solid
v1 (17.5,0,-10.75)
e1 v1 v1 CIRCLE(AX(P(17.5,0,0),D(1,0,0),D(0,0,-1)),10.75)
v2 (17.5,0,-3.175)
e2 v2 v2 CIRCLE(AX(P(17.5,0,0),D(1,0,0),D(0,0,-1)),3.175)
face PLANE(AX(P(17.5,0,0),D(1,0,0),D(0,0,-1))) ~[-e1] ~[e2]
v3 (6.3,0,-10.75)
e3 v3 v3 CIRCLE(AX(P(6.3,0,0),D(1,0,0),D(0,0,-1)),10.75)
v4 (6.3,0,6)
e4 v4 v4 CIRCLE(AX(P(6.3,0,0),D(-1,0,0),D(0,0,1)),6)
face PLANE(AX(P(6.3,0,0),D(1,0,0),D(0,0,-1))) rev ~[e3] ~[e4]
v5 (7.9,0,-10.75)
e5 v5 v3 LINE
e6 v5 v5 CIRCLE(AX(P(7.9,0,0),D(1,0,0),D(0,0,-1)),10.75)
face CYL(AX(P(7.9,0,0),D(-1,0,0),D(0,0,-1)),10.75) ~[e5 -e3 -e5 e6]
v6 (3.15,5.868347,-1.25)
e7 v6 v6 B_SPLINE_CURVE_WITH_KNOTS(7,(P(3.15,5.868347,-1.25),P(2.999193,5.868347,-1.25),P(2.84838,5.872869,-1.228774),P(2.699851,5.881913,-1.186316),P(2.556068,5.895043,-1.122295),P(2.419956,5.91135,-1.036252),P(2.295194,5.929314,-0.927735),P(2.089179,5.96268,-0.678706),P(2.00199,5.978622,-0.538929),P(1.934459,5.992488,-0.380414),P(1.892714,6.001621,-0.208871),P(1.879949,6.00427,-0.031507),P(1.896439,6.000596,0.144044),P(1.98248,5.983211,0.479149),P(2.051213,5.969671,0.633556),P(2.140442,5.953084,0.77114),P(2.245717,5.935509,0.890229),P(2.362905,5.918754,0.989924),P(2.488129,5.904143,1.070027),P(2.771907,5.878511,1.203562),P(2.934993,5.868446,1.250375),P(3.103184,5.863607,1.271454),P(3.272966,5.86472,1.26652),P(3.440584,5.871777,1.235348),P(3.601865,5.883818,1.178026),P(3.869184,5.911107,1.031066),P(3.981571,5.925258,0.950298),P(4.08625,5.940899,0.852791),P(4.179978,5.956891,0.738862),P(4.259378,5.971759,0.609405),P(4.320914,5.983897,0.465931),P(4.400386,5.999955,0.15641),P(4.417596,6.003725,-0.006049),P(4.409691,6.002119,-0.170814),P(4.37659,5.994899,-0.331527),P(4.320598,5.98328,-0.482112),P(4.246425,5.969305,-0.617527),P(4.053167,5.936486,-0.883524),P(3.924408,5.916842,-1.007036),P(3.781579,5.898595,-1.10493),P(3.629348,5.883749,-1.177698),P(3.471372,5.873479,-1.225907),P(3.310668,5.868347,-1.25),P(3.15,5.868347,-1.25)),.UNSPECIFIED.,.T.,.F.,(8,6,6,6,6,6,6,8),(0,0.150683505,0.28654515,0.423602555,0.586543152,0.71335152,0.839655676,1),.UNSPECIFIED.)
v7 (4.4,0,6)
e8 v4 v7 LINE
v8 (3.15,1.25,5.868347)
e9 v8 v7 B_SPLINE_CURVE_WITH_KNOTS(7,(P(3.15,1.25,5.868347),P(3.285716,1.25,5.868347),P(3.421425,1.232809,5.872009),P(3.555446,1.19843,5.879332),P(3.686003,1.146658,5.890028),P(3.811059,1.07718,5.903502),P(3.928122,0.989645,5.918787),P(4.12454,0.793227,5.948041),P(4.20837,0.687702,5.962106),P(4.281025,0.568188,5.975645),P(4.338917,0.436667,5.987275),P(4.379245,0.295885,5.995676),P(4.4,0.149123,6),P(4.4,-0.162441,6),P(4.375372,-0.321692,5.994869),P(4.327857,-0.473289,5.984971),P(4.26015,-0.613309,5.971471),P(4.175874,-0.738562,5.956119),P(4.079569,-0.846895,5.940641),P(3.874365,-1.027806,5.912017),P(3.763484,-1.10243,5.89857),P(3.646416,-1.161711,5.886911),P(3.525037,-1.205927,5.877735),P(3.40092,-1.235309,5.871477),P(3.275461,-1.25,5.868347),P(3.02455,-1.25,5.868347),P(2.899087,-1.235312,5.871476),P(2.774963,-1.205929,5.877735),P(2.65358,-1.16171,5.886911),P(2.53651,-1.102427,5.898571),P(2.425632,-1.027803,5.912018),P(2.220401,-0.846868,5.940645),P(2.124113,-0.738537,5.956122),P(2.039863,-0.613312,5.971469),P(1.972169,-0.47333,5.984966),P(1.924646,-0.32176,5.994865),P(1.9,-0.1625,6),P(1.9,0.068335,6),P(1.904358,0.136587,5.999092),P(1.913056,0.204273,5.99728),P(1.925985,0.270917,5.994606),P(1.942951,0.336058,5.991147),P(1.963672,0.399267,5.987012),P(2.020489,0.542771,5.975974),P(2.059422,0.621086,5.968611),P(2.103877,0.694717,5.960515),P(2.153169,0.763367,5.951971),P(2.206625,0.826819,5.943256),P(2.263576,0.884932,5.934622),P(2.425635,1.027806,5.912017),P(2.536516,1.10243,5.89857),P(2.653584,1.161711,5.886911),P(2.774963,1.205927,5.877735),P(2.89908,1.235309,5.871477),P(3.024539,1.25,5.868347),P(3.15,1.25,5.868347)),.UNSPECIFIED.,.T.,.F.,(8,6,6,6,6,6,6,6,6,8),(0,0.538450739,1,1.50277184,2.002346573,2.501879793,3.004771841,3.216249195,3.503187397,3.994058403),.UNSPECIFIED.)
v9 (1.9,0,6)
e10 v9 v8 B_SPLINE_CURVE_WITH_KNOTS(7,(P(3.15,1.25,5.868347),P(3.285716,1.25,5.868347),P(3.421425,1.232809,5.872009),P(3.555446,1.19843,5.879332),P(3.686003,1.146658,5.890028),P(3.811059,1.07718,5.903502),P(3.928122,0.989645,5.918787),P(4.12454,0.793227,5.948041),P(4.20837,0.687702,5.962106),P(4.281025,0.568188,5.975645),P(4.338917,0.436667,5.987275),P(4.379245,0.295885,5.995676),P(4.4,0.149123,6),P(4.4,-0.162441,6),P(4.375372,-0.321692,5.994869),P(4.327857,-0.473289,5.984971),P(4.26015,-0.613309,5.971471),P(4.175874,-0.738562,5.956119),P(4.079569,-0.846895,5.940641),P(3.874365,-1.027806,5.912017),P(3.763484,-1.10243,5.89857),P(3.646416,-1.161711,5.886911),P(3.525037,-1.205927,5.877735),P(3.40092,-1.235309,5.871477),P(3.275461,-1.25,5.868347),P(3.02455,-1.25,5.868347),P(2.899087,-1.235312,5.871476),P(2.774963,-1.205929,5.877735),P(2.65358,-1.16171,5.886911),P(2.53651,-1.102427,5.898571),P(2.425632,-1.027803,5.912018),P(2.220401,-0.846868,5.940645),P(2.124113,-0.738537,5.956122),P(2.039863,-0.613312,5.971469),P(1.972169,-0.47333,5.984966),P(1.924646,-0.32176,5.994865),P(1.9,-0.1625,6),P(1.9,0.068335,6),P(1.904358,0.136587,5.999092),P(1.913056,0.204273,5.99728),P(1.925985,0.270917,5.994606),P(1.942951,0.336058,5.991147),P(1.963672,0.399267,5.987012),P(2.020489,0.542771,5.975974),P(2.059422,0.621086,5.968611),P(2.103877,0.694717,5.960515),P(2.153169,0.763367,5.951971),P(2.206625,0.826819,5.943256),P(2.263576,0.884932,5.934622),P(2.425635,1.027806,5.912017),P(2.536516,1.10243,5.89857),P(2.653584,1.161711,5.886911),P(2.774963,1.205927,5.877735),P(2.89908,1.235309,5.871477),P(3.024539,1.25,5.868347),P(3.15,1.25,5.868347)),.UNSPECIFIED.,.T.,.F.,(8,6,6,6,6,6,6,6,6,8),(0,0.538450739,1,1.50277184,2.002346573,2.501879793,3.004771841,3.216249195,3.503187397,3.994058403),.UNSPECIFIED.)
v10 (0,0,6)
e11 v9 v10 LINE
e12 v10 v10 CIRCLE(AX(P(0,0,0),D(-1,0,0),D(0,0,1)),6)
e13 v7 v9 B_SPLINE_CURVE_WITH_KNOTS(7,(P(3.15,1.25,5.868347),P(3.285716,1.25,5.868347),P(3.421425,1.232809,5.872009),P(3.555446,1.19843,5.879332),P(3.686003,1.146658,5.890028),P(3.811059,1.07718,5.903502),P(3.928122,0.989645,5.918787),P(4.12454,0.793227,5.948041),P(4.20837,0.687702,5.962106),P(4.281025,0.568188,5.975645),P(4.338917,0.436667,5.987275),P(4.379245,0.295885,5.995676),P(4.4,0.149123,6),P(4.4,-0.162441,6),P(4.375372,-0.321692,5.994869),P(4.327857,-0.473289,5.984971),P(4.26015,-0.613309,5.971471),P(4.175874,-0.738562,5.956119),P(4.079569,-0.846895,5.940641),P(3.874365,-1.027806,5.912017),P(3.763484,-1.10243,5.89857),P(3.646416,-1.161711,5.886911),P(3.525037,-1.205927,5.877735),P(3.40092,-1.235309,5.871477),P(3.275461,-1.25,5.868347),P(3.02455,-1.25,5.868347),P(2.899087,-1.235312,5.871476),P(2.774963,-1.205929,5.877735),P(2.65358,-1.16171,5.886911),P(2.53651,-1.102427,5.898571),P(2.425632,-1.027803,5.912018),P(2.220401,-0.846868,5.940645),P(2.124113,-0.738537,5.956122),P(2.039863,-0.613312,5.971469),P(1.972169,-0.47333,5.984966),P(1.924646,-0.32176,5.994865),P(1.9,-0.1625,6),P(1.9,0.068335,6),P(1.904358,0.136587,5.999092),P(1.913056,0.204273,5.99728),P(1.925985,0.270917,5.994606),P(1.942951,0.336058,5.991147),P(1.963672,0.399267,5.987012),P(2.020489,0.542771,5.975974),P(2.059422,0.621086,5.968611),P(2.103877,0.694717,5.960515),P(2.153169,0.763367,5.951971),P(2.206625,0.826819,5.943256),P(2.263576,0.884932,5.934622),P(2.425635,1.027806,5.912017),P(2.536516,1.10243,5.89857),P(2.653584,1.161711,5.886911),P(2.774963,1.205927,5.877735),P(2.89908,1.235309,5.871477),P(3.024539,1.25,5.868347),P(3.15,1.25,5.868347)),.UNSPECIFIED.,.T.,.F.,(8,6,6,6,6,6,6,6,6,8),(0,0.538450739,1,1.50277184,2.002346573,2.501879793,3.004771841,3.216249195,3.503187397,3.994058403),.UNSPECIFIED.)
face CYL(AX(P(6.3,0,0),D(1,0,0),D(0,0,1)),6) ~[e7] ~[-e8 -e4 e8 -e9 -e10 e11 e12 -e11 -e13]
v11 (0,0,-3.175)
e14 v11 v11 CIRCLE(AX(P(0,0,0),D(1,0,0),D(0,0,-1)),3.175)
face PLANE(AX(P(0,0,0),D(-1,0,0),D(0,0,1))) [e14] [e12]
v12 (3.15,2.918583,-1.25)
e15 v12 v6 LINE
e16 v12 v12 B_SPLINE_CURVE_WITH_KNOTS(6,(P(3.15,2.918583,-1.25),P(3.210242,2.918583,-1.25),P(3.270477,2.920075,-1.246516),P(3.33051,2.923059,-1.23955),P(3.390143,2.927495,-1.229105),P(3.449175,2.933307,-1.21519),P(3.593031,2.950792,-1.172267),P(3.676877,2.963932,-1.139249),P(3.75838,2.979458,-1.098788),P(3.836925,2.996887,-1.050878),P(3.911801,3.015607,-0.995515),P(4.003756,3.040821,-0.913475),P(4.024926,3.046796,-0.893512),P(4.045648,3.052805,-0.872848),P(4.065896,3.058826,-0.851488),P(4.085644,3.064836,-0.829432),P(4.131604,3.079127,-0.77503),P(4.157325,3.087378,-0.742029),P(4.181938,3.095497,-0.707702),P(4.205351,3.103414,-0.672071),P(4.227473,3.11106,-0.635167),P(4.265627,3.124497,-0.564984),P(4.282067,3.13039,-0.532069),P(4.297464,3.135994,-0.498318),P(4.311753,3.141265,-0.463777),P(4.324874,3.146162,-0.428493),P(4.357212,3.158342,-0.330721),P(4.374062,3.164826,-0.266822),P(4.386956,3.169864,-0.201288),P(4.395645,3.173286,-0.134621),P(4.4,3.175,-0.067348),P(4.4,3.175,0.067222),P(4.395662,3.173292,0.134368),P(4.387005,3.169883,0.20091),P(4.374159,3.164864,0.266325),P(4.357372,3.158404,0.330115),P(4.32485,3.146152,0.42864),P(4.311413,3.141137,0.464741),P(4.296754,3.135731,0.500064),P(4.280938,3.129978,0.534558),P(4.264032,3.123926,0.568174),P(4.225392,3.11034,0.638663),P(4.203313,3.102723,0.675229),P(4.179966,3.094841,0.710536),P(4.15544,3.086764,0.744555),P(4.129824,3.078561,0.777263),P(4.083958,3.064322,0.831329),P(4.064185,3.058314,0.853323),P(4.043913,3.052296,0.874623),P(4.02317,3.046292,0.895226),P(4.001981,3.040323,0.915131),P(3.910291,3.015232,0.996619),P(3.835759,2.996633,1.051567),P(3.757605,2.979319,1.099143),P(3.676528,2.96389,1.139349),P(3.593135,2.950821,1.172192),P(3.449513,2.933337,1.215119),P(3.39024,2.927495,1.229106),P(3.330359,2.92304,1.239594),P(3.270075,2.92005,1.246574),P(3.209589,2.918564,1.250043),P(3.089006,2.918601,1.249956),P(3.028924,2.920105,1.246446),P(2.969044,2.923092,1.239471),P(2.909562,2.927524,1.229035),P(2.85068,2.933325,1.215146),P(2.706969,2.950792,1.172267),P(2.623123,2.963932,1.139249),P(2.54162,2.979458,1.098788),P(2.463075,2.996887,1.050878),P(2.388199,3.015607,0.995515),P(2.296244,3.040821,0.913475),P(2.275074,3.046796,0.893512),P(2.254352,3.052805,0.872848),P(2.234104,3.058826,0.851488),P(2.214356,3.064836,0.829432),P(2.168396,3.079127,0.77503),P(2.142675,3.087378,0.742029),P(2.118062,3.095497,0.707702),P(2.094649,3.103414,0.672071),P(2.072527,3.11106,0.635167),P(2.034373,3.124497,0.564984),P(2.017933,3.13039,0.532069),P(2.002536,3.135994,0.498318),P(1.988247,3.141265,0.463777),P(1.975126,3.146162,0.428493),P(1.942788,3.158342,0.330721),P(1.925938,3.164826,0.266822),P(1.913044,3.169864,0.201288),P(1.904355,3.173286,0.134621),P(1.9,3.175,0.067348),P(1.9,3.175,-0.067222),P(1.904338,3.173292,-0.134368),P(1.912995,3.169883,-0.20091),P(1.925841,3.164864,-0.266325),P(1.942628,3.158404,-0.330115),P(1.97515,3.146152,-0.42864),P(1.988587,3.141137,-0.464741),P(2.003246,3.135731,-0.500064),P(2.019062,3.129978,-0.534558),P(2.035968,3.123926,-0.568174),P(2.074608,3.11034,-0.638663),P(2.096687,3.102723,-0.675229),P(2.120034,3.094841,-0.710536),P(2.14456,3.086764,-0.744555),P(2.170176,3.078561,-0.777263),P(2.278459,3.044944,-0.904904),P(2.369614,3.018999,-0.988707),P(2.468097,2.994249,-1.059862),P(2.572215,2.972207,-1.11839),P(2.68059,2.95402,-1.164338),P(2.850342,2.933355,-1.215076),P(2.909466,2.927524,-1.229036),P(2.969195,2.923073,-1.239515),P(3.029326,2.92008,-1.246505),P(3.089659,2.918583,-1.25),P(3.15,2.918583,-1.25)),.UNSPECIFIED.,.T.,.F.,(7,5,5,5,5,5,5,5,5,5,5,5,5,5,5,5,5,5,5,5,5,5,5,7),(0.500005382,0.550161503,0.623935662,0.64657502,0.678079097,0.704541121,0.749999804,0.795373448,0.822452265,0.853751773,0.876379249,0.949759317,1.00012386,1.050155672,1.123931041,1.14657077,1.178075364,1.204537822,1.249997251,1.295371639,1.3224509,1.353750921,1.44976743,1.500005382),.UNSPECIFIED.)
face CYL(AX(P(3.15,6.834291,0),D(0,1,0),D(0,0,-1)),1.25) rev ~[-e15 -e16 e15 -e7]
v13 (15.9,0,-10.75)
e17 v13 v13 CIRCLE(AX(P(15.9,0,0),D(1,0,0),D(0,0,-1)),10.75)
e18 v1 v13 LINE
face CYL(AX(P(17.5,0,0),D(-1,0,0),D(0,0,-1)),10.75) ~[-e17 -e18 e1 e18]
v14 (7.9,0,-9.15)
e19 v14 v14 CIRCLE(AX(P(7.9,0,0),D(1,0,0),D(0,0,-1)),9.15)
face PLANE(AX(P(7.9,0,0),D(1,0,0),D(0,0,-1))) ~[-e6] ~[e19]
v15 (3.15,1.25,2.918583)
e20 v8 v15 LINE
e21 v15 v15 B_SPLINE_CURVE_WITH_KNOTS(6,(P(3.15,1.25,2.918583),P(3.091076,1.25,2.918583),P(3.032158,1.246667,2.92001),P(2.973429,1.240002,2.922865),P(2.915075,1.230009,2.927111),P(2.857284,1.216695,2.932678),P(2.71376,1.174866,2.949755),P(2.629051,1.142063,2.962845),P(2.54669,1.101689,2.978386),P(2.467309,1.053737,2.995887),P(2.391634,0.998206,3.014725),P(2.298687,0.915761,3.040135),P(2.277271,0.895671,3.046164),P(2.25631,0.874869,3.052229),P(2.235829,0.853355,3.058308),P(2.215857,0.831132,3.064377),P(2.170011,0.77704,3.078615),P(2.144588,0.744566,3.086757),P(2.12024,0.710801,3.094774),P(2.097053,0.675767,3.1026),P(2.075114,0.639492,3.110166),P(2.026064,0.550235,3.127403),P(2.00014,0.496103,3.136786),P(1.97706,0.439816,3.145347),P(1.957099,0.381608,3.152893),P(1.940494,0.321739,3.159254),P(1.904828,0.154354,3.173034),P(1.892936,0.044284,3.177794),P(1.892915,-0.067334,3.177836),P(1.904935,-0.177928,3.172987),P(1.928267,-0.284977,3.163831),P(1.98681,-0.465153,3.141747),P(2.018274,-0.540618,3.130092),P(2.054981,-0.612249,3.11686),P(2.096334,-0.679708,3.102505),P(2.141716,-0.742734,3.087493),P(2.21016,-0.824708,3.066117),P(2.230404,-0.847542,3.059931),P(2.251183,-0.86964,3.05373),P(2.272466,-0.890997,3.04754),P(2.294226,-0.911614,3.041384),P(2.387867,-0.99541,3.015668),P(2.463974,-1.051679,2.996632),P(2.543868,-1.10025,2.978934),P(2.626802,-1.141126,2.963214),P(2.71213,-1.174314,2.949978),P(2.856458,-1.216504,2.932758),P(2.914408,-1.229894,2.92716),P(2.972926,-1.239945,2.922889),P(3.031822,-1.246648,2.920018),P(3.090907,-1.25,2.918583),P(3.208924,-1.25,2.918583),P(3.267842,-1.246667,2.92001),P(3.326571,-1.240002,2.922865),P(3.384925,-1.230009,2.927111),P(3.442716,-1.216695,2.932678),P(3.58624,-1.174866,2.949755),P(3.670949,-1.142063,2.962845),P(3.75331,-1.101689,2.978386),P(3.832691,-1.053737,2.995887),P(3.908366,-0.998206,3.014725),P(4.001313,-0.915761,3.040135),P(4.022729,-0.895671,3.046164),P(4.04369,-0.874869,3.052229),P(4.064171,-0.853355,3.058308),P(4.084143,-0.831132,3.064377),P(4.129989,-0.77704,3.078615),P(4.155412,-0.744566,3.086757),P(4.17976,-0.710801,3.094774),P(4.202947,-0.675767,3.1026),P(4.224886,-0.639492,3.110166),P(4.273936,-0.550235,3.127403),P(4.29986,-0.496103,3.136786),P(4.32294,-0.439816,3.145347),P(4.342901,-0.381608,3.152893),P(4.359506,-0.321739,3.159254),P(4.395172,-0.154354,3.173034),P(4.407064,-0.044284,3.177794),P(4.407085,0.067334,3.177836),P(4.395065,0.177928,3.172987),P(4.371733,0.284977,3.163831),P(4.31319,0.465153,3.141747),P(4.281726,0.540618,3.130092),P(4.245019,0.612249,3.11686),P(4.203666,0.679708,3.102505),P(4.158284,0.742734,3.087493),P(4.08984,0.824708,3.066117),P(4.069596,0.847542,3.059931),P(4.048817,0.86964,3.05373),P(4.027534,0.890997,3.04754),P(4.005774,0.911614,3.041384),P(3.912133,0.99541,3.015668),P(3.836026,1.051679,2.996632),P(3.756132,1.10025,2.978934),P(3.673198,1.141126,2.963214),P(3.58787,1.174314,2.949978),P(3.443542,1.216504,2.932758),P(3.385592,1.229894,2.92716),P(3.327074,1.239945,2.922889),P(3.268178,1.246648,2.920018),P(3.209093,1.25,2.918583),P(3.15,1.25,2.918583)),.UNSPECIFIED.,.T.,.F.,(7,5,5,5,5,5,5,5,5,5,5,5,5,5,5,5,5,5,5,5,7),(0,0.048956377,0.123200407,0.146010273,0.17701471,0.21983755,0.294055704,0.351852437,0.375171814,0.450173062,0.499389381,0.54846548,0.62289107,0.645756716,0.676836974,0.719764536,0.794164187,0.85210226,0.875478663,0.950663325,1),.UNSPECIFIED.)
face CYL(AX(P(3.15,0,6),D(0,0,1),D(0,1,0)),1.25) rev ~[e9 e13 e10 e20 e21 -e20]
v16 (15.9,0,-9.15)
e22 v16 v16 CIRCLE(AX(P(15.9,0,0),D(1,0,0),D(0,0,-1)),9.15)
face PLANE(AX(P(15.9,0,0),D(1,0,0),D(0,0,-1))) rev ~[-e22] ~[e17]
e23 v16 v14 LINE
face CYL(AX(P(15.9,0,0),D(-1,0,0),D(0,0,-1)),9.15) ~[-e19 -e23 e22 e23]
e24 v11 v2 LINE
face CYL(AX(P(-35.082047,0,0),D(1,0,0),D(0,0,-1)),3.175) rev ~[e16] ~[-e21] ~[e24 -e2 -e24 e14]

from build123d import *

# Parameters (mm, degrees)
SKETCH2_R                       = 6
BOSS_EXTRUDE1_DEPTH             = 6.3
HOLE1_D                         = 6.35
SKETCH5_W                       = 1.25
SKETCH5_H                       = 7.831417296
F_2_5_2_5_DIAMETER_HOLE2_REACH  = 26.537
F_2_5_2_5_DIAMETER_HOLE2_BORE_R = 1.25


with BuildPart() as part:
    # Sketch1 → Revolve1 (revolve)
    with BuildSketch(Plane.XY, mode=Mode.PRIVATE) as revolve1_sk:
        Polygon((6.3, 10.75), (6.3, 0), (17.5, 0), (17.5, 10.75), (15.9, 10.75), (15.9, 9.15), (7.9, 9.15), (7.9, 10.75), align=None)
    revolve(revolve1_sk.sketch.rotate(Axis((6.3, 0, 0), (1, 0, 0)), 270), axis=Axis((6.3, 0, 0), (1, 0, 0)))

    # Sketch2 → Boss-Extrude1 (add)
    with BuildSketch(Plane.ZY.offset(-6.3)):
        Circle(SKETCH2_R)
    extrude(amount=BOSS_EXTRUDE1_DEPTH)

    # Hole1 (through all)
    with Locations(Plane.ZY):
        with Locations((0, 0)):
            Hole(HOLE1_D / 2)

    # Sketch5 → Ø2.5 (2.5) Diameter Hole1 (revolve, cut)
    with BuildSketch(Plane(origin=(3.15, 2.918582704, 0), x_dir=(0, 0, -1), z_dir=(1, 0, 0))):
        with Locations((0.625, 3.915708648)):
            Rectangle(SKETCH5_W, SKETCH5_H)
    revolve(axis=Axis((3.15, -3.431417296, 0), (0, 1, 0)), mode=Mode.SUBTRACT)

    # Ø2.5 (2.5) Diameter Hole2 bore (on position points) → Ø2.5 (2.5) Diameter Hole2 (cut, up to next)
    with BuildSketch(Plane(origin=(3.15, 0, 6), x_dir=(0, 1, 0), z_dir=(0, 0, 1)), mode=Mode.PRIVATE) as f_2_5_2_5_diameter_hole2_sk1:
        Circle(F_2_5_2_5_DIAMETER_HOLE2_BORE_R)
    f_2_5_2_5_diameter_hole2_tool1 = extrude(f_2_5_2_5_diameter_hole2_sk1.sketch, amount=-F_2_5_2_5_DIAMETER_HOLE2_REACH, mode=Mode.PRIVATE) & part.part
    add(f_2_5_2_5_diameter_hole2_tool1.solids().sort_by_distance((3.15, 0, 6))[0], mode=Mode.SUBTRACT)


solid = part.part
